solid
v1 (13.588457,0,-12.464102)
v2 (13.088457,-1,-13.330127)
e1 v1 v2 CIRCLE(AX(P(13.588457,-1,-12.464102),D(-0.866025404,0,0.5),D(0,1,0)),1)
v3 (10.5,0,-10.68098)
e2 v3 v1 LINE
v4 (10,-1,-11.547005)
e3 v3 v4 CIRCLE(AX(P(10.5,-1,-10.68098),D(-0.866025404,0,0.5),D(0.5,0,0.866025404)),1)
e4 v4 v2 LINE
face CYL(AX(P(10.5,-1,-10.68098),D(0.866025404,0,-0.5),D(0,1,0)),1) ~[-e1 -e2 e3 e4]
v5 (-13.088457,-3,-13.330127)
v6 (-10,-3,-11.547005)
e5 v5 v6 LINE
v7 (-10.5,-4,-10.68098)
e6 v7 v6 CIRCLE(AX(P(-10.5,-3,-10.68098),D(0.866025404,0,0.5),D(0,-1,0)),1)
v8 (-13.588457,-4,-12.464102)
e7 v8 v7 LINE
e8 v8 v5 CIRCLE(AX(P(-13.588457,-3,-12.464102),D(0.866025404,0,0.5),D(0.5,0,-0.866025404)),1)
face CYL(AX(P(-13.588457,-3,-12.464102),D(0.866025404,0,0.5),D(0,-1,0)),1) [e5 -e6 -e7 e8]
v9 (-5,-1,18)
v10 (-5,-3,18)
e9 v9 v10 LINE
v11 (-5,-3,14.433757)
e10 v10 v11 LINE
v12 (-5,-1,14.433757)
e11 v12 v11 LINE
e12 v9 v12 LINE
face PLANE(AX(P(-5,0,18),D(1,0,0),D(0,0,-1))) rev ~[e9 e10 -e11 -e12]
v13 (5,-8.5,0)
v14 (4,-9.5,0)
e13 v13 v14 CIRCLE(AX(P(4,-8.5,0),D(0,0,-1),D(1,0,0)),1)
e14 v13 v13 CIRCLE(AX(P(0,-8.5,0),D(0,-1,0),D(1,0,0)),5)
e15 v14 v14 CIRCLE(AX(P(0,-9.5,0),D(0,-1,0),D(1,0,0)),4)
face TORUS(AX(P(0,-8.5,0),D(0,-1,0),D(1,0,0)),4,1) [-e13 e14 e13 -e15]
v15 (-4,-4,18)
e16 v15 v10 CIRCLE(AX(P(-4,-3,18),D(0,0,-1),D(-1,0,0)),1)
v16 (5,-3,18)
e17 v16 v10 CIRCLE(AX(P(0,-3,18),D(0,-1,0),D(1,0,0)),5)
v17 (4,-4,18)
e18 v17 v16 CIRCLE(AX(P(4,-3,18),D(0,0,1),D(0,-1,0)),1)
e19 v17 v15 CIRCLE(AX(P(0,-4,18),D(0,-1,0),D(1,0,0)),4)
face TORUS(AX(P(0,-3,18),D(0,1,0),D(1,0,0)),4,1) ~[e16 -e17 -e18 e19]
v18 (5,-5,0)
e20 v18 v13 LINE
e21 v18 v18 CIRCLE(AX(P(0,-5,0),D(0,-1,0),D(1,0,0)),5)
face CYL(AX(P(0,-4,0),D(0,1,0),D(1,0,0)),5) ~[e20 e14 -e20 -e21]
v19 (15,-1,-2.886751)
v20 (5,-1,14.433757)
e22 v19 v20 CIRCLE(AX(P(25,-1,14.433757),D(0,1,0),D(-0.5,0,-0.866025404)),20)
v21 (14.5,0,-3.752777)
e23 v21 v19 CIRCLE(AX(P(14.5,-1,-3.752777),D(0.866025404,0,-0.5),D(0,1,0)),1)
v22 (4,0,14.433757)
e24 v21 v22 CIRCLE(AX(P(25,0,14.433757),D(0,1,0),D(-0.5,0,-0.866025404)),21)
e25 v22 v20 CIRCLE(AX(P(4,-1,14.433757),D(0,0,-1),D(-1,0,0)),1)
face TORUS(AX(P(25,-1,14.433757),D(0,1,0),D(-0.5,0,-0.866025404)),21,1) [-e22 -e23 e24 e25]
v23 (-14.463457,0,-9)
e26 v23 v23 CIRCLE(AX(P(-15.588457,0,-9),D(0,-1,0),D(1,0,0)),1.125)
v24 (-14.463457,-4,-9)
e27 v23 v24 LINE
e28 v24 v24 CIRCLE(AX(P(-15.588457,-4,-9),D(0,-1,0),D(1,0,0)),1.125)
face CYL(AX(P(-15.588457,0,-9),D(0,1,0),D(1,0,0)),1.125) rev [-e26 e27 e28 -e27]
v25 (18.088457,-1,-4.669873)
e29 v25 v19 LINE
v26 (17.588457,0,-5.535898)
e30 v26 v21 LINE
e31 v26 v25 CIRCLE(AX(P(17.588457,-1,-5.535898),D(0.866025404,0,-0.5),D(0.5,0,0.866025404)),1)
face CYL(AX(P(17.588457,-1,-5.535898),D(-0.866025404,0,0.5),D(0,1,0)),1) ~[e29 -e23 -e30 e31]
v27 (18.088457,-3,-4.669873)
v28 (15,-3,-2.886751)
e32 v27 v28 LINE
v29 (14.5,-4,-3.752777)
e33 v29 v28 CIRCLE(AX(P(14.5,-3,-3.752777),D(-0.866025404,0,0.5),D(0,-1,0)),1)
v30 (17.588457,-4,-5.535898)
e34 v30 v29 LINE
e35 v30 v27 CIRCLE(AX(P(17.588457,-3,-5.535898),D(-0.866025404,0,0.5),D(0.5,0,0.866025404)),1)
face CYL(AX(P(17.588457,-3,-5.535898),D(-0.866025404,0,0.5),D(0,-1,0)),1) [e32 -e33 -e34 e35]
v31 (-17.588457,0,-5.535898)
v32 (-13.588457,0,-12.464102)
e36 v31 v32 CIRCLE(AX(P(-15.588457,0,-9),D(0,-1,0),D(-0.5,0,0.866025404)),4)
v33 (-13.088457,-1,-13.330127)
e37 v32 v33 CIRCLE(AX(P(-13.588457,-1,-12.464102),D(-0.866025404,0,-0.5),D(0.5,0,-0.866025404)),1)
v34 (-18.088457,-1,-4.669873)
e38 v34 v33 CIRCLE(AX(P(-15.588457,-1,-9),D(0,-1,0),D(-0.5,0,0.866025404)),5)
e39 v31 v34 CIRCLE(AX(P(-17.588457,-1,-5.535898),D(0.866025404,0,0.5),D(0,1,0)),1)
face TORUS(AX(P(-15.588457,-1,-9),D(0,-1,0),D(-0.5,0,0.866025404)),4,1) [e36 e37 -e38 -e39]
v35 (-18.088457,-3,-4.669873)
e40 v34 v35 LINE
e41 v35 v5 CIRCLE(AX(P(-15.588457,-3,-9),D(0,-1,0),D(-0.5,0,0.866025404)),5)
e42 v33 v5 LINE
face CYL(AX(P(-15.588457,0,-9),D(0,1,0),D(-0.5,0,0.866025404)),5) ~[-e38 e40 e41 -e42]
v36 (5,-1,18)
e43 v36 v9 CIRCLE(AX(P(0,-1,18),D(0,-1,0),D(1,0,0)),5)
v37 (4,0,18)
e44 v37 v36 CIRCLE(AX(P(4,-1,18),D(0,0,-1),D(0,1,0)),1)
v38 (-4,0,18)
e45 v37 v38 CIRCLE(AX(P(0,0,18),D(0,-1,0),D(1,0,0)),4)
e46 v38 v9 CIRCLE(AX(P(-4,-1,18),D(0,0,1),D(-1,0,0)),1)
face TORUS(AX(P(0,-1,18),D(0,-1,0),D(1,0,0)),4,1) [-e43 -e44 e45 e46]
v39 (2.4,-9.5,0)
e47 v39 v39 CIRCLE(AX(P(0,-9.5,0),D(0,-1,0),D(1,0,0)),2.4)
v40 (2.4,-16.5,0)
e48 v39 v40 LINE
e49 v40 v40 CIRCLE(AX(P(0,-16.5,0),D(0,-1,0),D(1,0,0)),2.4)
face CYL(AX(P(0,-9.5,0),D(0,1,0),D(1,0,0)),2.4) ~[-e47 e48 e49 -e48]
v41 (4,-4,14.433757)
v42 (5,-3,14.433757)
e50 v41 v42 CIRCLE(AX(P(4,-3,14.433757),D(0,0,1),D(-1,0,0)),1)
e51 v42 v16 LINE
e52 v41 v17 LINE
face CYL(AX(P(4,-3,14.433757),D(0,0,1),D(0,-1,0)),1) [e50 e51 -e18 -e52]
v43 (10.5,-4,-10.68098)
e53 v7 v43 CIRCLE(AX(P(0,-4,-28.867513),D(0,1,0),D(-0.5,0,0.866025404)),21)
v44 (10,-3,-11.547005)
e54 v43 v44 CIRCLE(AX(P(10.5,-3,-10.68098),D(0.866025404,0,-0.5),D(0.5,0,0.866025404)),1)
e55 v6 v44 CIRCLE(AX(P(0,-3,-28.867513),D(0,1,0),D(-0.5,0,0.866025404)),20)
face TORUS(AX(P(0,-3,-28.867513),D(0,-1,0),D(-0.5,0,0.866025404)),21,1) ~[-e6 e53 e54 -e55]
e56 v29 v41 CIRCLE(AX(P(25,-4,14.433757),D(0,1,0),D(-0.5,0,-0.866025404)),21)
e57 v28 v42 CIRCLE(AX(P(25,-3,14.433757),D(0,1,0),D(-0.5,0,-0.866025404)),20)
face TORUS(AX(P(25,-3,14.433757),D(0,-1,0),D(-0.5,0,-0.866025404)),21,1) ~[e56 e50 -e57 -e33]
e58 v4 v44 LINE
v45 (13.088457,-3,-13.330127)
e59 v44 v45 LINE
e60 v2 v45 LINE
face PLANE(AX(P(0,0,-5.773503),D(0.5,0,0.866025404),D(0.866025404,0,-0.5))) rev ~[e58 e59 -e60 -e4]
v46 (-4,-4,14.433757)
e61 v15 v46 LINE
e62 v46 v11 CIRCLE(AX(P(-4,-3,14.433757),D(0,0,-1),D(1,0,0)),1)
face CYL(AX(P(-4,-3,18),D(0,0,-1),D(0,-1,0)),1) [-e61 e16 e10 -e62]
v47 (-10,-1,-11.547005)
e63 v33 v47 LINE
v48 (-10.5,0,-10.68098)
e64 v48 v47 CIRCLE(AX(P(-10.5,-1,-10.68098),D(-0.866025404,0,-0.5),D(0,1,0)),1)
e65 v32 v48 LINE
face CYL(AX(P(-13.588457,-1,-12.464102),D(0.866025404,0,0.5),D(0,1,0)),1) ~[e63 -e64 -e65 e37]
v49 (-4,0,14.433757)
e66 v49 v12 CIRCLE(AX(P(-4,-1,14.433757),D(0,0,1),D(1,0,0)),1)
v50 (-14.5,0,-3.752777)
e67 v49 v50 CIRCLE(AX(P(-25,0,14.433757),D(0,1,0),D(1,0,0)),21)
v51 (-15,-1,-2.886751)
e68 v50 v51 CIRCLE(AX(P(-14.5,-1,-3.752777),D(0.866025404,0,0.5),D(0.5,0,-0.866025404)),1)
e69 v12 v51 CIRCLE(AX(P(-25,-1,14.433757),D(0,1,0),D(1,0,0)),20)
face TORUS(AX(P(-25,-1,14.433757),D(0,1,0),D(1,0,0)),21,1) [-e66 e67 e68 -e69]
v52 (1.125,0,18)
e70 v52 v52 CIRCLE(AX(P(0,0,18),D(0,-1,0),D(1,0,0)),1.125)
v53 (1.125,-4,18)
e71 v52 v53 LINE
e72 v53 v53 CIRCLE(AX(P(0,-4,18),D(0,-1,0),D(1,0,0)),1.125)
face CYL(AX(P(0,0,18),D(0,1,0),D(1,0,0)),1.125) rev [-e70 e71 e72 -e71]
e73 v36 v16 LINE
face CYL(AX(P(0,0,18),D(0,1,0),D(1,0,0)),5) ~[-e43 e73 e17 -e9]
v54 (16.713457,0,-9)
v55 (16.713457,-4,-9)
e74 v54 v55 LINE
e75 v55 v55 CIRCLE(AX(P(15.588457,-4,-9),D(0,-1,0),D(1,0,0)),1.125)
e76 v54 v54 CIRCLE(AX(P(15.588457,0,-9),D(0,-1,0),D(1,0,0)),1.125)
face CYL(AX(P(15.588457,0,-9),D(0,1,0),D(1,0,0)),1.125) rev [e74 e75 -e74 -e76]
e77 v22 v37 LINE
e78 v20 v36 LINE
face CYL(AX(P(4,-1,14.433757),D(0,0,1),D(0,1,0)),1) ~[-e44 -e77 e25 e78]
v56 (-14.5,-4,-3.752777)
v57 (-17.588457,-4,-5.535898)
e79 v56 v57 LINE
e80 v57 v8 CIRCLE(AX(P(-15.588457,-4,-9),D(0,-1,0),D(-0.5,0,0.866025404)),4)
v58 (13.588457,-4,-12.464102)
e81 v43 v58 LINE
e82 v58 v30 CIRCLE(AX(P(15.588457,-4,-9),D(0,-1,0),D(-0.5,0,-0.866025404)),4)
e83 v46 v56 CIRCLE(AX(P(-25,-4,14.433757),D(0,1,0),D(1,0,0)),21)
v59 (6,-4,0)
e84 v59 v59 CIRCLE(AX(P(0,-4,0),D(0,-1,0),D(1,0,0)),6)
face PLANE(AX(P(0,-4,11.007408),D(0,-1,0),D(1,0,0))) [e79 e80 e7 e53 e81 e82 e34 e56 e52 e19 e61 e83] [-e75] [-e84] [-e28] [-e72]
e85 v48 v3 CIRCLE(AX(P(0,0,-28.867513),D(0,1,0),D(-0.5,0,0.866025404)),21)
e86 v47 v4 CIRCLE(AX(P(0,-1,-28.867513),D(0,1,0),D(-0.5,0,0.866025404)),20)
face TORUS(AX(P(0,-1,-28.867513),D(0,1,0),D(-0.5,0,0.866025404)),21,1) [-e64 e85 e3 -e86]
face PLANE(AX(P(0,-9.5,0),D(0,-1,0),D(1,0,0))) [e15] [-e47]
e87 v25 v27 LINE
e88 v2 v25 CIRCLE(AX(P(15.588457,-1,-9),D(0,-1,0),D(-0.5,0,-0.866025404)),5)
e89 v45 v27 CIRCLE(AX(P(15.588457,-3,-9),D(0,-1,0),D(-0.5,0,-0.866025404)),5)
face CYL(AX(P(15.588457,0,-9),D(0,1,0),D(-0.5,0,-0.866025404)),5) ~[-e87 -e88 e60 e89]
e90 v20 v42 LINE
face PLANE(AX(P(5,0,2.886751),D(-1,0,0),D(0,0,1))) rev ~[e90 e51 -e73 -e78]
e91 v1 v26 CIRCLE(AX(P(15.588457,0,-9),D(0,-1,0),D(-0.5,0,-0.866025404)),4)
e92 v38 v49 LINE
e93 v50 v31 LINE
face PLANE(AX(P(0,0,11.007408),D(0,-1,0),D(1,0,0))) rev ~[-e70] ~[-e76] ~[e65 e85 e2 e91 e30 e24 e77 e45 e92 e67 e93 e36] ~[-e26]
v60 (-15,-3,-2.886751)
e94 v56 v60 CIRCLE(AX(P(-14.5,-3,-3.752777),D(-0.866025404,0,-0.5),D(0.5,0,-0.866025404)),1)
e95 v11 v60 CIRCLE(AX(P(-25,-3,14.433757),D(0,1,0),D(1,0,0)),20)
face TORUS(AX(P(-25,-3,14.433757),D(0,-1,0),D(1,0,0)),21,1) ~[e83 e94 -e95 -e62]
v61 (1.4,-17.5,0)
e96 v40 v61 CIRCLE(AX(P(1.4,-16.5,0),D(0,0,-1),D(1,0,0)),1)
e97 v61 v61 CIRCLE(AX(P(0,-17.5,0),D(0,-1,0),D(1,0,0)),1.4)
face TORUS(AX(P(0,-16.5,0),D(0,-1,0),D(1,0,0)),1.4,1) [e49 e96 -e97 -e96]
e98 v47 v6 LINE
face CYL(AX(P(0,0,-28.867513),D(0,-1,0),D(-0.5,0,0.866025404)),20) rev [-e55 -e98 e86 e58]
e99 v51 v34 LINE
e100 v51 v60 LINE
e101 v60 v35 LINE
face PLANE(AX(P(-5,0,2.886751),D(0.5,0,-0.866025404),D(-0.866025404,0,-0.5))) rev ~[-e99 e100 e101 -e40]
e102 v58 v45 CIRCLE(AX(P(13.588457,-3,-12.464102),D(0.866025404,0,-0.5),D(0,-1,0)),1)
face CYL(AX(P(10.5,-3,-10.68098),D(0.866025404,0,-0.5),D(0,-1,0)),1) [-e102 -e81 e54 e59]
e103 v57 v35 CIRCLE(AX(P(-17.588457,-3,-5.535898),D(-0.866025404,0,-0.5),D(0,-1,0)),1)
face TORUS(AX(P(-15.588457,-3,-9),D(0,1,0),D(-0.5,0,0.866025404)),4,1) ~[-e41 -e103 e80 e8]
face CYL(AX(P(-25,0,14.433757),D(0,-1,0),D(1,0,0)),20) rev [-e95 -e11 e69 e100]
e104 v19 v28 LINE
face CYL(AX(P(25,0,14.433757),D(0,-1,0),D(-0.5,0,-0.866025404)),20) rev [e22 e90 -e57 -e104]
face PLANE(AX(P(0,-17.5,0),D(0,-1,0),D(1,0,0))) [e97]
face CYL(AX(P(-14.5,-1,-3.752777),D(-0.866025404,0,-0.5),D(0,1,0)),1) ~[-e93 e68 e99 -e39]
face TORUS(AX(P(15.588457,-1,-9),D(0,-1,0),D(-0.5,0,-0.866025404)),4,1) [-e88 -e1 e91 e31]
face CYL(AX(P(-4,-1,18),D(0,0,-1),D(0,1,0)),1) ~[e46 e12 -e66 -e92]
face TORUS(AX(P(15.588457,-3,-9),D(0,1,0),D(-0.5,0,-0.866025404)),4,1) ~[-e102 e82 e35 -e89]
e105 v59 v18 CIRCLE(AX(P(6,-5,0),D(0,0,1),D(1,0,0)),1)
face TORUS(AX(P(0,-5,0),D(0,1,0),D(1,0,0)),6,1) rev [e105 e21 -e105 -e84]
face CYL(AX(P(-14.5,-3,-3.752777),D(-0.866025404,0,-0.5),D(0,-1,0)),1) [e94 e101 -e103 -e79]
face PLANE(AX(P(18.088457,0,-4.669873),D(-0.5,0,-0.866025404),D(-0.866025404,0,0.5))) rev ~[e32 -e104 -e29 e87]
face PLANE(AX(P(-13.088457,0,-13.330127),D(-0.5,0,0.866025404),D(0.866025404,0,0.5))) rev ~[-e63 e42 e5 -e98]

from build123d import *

# Parameters (mm, degrees)
F0_R     = 1.125
F1_DEPTH = 4
F2_R     = 20
F3_R     = 5
F4_DEPTH = 5.5
F5_R     = 1
F6_R     = 2.4
F7_DEPTH = 8
F8_R     = 1


with BuildPart() as f1:
    # F0 (on Front) → F1 (new body)
    with BuildSketch(Plane.XZ):
        with BuildLine():
            Line((5, 2.8867513459), (5, 18))
            ThreePointArc((5, 18), (0, 23), (-5, 18))
            Line((-5, 18), (-5, 2.8867513459))
            Line((-5, 2.8867513459), (-2.5, 4.3301270189))
            Line((-2.5, 4.3301270189), (0, 0))
            Line((0, 0), (2.5, 4.3301270189))
            Line((2.5, 4.3301270189), (5, 2.8867513459))
        make_face()
        with Locations((0, 18)):
            Circle(F0_R, mode=Mode.SUBTRACT)
        with BuildLine():
            Line((18.0884572681, -4.6698729811), (5, 2.8867513459))
            Line((5, 2.8867513459), (5, 0))
            Line((5, 0), (0, 0))
            Line((0, 0), (2.5, -4.3301270189))
            Line((2.5, -4.3301270189), (0, -5.7735026919))
            Line((0, -5.7735026919), (13.0884572681, -13.3301270189))
            ThreePointArc((13.0884572681, -13.3301270189), (19.918584287, -11.5), (18.0884572681, -4.6698729811))
        make_face()
        with Locations((15.5884572681, -9)):
            Circle(F0_R, mode=Mode.SUBTRACT)
        Polygon((5, 0), (5, 2.8867513459), (2.5, 4.3301270189), (0, 0), align=None)
        Polygon((-2.5, 4.3301270189), (-5, 2.8867513459), (-5, 0), (0, 0), align=None)
        with BuildLine():
            Line((-5, 0), (-5, 2.8867513459))
            Line((-5, 2.8867513459), (-18.0884572681, -4.6698729811))
            ThreePointArc((-18.0884572681, -4.6698729811), (-19.918584287, -11.5), (-13.0884572681, -13.3301270189))
            Line((-13.0884572681, -13.3301270189), (0, -5.7735026919))
            Line((0, -5.7735026919), (-2.5, -4.3301270189))
            Line((-2.5, -4.3301270189), (0, 0))
            Line((0, 0), (-5, 0))
        make_face()
        with Locations((-15.5884572681, -9)):
            Circle(F0_R, mode=Mode.SUBTRACT)
        Polygon((2.5, -4.3301270189), (0, 0), (-2.5, -4.3301270189), (0, -5.7735026919), align=None)
    extrude(amount=F1_DEPTH)

    # F2
    f2_edges = [f1.edges().sort_by_distance(p)[0] for p in [
        (-5, -2, 2.886751),
        (5, -2, 2.886751),
        (0, -2, -5.773503),
    ]]
    fillet(f2_edges, radius=F2_R)

    # F3 (on face) → F4 (join)
    with BuildSketch(Plane.XZ.offset(4)):
        Circle(F3_R)
    extrude(amount=F4_DEPTH)

    # F5
    f5_edges = [f1.edges().sort_by_distance(p)[0] for p in [
        (-7.679492, 0, 4.433757),
        (-7.679492, -4, 4.433757),
    ]]
    fillet(f5_edges, radius=F5_R)

    # F6 (on face) → F7 (join)
    with BuildSketch(Plane.XZ.offset(9.5)):
        Circle(F6_R)
    extrude(amount=F7_DEPTH)

    # F8
    f8_edges = [f1.edges().sort_by_distance(p)[0] for p in [
        (-5, -4, 0),
        (-5, -9.5, 0),
        (-2.4, -17.5, 0),
    ]]
    fillet(f8_edges, radius=F8_R)


solid = f1.part
